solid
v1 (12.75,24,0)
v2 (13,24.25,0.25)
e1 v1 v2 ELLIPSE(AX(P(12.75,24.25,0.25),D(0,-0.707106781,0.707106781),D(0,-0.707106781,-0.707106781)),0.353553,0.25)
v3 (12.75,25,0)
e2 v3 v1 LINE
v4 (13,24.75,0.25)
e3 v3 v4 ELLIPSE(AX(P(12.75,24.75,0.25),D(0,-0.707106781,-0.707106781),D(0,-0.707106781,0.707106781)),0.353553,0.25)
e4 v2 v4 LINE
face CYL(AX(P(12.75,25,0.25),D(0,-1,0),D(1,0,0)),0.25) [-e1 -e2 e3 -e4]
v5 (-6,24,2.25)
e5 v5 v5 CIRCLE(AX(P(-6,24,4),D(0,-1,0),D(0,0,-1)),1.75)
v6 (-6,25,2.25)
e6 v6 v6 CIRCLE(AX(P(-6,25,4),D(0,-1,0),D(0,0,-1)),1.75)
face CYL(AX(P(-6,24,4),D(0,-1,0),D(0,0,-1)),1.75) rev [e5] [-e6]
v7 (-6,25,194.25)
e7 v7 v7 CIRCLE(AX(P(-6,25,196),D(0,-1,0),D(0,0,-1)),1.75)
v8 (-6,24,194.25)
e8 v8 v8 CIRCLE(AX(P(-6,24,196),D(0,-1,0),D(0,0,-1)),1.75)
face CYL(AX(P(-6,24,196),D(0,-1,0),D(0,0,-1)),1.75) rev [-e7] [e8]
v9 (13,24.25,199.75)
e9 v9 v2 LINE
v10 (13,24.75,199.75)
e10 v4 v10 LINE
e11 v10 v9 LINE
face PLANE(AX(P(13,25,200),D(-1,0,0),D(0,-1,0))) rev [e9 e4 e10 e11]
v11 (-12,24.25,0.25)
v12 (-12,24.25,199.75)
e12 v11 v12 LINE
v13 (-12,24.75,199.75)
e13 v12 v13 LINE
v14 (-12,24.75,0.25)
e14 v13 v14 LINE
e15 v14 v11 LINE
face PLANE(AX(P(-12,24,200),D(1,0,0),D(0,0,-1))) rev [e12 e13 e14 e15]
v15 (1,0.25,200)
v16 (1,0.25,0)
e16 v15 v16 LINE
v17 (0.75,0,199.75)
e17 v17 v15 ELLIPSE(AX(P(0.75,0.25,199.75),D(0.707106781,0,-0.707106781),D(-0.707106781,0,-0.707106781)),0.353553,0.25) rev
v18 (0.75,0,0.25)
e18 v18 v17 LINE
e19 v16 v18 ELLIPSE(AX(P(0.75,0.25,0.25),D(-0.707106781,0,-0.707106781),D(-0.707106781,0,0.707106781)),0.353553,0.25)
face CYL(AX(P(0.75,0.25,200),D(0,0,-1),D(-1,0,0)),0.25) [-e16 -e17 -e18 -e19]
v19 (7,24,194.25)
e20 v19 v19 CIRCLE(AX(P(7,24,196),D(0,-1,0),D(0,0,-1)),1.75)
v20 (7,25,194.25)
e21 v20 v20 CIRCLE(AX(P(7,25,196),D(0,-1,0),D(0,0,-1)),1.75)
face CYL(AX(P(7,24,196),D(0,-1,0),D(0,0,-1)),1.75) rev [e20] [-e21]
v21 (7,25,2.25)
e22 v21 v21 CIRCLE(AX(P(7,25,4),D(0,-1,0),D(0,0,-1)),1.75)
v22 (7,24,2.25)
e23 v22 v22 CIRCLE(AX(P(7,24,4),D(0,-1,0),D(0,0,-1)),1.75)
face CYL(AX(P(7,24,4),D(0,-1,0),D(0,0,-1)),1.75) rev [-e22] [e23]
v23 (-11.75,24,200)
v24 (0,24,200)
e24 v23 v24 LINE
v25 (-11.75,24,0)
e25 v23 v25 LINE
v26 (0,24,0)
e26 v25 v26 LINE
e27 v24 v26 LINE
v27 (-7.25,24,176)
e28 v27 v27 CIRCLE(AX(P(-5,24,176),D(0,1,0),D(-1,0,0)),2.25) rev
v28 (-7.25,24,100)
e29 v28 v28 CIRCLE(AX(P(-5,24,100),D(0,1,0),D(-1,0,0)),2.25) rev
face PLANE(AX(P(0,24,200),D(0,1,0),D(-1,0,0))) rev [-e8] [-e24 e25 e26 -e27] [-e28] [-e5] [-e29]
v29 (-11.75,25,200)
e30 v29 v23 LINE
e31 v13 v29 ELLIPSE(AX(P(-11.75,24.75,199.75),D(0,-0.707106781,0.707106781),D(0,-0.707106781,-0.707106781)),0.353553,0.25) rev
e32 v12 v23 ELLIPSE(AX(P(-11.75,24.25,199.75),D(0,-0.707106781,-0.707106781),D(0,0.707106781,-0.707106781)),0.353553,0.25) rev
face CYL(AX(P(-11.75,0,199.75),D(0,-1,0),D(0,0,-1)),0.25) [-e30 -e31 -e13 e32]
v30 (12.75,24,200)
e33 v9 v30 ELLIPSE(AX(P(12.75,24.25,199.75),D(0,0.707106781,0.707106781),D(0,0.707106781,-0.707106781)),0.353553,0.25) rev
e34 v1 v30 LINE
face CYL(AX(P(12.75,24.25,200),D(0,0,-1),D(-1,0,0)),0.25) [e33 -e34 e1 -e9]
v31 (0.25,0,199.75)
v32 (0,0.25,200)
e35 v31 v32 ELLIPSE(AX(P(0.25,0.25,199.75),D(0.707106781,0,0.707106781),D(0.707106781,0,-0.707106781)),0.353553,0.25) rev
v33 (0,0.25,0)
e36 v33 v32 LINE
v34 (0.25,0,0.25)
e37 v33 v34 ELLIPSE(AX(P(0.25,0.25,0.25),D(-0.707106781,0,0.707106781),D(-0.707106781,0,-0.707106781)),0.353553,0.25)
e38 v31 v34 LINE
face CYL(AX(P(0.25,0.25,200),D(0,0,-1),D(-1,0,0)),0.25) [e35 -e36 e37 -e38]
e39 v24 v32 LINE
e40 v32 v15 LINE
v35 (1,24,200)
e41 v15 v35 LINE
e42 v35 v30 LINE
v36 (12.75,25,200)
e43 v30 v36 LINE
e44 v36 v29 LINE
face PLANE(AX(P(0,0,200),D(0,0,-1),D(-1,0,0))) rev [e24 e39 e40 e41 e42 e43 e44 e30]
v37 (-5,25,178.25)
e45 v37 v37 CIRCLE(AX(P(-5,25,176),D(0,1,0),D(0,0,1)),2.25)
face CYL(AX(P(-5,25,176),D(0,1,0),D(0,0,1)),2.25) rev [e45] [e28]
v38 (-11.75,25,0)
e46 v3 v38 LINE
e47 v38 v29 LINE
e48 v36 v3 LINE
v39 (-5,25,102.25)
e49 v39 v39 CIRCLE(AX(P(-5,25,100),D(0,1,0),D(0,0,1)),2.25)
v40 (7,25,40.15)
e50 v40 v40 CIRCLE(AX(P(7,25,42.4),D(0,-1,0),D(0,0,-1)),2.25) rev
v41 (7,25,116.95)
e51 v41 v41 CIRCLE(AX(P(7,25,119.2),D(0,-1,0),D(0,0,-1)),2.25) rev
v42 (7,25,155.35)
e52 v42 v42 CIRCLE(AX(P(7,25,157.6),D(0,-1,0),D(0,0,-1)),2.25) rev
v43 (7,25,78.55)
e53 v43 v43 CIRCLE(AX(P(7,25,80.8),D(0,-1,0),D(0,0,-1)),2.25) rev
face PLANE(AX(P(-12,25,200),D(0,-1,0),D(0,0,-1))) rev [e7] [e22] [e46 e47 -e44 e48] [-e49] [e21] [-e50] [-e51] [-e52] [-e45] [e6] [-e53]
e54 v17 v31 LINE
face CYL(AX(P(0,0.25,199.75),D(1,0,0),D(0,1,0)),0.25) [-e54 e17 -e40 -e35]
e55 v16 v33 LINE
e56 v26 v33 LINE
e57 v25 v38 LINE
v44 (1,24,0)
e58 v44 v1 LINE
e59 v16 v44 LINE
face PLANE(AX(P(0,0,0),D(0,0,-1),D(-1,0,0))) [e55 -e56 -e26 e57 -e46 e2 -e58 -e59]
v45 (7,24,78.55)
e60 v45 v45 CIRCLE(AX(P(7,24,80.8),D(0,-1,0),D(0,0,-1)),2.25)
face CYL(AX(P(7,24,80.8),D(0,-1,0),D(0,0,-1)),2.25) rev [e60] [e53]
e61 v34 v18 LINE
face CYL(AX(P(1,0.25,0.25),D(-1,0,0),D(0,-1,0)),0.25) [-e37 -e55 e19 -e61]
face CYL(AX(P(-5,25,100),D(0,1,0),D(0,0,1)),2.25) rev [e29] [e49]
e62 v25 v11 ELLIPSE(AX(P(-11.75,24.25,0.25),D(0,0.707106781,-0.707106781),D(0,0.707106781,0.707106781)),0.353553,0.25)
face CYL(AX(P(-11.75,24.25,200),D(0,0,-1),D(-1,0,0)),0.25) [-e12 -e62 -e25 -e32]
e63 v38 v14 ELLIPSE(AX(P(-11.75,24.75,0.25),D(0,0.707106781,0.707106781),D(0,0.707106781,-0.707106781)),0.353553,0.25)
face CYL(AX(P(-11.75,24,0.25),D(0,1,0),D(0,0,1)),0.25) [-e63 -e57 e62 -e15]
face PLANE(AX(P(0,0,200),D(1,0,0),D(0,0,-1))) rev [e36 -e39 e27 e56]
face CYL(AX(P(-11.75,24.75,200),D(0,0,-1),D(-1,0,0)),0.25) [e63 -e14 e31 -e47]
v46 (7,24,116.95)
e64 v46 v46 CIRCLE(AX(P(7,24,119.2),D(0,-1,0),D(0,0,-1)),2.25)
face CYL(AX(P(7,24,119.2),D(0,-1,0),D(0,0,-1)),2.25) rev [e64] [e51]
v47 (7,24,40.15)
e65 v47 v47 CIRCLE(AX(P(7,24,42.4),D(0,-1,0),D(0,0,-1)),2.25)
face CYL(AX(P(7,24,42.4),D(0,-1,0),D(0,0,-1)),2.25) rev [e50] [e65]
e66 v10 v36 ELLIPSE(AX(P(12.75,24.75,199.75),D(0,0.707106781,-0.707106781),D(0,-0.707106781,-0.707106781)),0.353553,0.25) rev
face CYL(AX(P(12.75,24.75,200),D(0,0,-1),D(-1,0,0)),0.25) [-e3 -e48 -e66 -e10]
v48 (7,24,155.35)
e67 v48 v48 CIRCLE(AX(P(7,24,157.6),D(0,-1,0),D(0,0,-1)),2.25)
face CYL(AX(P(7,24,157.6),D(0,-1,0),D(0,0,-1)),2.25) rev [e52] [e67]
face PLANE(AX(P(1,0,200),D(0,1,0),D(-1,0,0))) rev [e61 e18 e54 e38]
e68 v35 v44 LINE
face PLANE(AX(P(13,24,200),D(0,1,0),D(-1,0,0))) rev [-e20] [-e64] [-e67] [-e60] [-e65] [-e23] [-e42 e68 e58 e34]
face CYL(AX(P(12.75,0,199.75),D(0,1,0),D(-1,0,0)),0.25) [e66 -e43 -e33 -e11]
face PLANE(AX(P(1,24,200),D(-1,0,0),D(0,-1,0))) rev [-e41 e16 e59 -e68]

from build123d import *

# Parameters (mm, degrees)
EXTRUDE1_DEPTH                 = 200
FILLET1_R                      = 0.25
F_3_5_3_5_DIAMETER_HOLE1_D     = 3.5
F_4_5_4_5_DIAMETER_HOLE1_D     = 4.5
F_4_5_4_5_DIAMETER_HOLE1_DEPTH = 1
F_4_5_4_5_DIAMETER_HOLE1_TIP   = 1.351936393
LPATTERN1_COUNT                = 4
LPATTERN1_PITCH                = 38.4


with BuildPart() as part:
    # Sketch1 → Extrude1 (new body)
    with BuildSketch(Plane.XY):
        Polygon((0, 0), (0, 24), (-12, 24), (-12, 25), (13, 25), (13, 24), (1, 24), (1, 0), align=None)
    extrude(amount=EXTRUDE1_DEPTH)

    # Fillet1
    fillet1_edges = [part.edges().sort_by_distance(p)[0] for p in [
        (0, 0, 100),
        (-12, 24, 100),
        (-12, 25, 100),
        (13, 24.5, 200),
        (13, 25, 100),
        (13, 24, 100),
        (1, 0, 100),
        (-12, 24.5, 200),
        (0.5, 0, 200),
        (-12, 24.5, 0),
        (13, 24.5, 0),
        (0.5, 0, 0),
    ]]
    fillet(fillet1_edges, radius=FILLET1_R)

    # Ø3.5 (3.5) Diameter Hole1 (through all)
    with Locations(Plane(origin=(-6, 24, 196), x_dir=(-1, 0, 0), z_dir=(0, -1, 0))):
        with Locations((0, 0), (-13, 0), (0, 192), (-13, 192)):
            Hole(F_3_5_3_5_DIAMETER_HOLE1_D / 2)

    # Ø4.5 (4.5) Diameter Hole1
    with Locations(Plane(origin=(-5, 25, 176), x_dir=(0, 0, 1), z_dir=(0, 1, 0))):
        with Locations((0, 0), (-76, 0)):
            Hole(F_4_5_4_5_DIAMETER_HOLE1_D / 2, depth=F_4_5_4_5_DIAMETER_HOLE1_DEPTH)
            with Locations((0, 0, -(F_4_5_4_5_DIAMETER_HOLE1_DEPTH + F_4_5_4_5_DIAMETER_HOLE1_TIP / 2))):  # 118° drill point
                Cone(0, F_4_5_4_5_DIAMETER_HOLE1_D / 2, F_4_5_4_5_DIAMETER_HOLE1_TIP, mode=Mode.SUBTRACT)

    # Sketch10 → Ø4.5 (4.5) Diameter Hole2 (revolve, cut)
    with BuildSketch(Plane(origin=(7, 24, 157.6), x_dir=(0, 0, -1), z_dir=(1, 0, 0))):
        Polygon((0, 0), (0, 2.351936393), (2.25, 1), (2.25, 0), align=None)
    f_4_5_4_5_diameter_hole2 = revolve(axis=Axis((7, 17.65, 157.6), (0, 1, 0)), mode=Mode.SUBTRACT)

    # LPattern1: Ø4.5 (4.5) Diameter Hole2 ×4
    with Locations(*[(0, 0, -i * LPATTERN1_PITCH) for i in range(1, LPATTERN1_COUNT)]):
        add(f_4_5_4_5_diameter_hole2, mode=Mode.SUBTRACT)


solid = part.part
